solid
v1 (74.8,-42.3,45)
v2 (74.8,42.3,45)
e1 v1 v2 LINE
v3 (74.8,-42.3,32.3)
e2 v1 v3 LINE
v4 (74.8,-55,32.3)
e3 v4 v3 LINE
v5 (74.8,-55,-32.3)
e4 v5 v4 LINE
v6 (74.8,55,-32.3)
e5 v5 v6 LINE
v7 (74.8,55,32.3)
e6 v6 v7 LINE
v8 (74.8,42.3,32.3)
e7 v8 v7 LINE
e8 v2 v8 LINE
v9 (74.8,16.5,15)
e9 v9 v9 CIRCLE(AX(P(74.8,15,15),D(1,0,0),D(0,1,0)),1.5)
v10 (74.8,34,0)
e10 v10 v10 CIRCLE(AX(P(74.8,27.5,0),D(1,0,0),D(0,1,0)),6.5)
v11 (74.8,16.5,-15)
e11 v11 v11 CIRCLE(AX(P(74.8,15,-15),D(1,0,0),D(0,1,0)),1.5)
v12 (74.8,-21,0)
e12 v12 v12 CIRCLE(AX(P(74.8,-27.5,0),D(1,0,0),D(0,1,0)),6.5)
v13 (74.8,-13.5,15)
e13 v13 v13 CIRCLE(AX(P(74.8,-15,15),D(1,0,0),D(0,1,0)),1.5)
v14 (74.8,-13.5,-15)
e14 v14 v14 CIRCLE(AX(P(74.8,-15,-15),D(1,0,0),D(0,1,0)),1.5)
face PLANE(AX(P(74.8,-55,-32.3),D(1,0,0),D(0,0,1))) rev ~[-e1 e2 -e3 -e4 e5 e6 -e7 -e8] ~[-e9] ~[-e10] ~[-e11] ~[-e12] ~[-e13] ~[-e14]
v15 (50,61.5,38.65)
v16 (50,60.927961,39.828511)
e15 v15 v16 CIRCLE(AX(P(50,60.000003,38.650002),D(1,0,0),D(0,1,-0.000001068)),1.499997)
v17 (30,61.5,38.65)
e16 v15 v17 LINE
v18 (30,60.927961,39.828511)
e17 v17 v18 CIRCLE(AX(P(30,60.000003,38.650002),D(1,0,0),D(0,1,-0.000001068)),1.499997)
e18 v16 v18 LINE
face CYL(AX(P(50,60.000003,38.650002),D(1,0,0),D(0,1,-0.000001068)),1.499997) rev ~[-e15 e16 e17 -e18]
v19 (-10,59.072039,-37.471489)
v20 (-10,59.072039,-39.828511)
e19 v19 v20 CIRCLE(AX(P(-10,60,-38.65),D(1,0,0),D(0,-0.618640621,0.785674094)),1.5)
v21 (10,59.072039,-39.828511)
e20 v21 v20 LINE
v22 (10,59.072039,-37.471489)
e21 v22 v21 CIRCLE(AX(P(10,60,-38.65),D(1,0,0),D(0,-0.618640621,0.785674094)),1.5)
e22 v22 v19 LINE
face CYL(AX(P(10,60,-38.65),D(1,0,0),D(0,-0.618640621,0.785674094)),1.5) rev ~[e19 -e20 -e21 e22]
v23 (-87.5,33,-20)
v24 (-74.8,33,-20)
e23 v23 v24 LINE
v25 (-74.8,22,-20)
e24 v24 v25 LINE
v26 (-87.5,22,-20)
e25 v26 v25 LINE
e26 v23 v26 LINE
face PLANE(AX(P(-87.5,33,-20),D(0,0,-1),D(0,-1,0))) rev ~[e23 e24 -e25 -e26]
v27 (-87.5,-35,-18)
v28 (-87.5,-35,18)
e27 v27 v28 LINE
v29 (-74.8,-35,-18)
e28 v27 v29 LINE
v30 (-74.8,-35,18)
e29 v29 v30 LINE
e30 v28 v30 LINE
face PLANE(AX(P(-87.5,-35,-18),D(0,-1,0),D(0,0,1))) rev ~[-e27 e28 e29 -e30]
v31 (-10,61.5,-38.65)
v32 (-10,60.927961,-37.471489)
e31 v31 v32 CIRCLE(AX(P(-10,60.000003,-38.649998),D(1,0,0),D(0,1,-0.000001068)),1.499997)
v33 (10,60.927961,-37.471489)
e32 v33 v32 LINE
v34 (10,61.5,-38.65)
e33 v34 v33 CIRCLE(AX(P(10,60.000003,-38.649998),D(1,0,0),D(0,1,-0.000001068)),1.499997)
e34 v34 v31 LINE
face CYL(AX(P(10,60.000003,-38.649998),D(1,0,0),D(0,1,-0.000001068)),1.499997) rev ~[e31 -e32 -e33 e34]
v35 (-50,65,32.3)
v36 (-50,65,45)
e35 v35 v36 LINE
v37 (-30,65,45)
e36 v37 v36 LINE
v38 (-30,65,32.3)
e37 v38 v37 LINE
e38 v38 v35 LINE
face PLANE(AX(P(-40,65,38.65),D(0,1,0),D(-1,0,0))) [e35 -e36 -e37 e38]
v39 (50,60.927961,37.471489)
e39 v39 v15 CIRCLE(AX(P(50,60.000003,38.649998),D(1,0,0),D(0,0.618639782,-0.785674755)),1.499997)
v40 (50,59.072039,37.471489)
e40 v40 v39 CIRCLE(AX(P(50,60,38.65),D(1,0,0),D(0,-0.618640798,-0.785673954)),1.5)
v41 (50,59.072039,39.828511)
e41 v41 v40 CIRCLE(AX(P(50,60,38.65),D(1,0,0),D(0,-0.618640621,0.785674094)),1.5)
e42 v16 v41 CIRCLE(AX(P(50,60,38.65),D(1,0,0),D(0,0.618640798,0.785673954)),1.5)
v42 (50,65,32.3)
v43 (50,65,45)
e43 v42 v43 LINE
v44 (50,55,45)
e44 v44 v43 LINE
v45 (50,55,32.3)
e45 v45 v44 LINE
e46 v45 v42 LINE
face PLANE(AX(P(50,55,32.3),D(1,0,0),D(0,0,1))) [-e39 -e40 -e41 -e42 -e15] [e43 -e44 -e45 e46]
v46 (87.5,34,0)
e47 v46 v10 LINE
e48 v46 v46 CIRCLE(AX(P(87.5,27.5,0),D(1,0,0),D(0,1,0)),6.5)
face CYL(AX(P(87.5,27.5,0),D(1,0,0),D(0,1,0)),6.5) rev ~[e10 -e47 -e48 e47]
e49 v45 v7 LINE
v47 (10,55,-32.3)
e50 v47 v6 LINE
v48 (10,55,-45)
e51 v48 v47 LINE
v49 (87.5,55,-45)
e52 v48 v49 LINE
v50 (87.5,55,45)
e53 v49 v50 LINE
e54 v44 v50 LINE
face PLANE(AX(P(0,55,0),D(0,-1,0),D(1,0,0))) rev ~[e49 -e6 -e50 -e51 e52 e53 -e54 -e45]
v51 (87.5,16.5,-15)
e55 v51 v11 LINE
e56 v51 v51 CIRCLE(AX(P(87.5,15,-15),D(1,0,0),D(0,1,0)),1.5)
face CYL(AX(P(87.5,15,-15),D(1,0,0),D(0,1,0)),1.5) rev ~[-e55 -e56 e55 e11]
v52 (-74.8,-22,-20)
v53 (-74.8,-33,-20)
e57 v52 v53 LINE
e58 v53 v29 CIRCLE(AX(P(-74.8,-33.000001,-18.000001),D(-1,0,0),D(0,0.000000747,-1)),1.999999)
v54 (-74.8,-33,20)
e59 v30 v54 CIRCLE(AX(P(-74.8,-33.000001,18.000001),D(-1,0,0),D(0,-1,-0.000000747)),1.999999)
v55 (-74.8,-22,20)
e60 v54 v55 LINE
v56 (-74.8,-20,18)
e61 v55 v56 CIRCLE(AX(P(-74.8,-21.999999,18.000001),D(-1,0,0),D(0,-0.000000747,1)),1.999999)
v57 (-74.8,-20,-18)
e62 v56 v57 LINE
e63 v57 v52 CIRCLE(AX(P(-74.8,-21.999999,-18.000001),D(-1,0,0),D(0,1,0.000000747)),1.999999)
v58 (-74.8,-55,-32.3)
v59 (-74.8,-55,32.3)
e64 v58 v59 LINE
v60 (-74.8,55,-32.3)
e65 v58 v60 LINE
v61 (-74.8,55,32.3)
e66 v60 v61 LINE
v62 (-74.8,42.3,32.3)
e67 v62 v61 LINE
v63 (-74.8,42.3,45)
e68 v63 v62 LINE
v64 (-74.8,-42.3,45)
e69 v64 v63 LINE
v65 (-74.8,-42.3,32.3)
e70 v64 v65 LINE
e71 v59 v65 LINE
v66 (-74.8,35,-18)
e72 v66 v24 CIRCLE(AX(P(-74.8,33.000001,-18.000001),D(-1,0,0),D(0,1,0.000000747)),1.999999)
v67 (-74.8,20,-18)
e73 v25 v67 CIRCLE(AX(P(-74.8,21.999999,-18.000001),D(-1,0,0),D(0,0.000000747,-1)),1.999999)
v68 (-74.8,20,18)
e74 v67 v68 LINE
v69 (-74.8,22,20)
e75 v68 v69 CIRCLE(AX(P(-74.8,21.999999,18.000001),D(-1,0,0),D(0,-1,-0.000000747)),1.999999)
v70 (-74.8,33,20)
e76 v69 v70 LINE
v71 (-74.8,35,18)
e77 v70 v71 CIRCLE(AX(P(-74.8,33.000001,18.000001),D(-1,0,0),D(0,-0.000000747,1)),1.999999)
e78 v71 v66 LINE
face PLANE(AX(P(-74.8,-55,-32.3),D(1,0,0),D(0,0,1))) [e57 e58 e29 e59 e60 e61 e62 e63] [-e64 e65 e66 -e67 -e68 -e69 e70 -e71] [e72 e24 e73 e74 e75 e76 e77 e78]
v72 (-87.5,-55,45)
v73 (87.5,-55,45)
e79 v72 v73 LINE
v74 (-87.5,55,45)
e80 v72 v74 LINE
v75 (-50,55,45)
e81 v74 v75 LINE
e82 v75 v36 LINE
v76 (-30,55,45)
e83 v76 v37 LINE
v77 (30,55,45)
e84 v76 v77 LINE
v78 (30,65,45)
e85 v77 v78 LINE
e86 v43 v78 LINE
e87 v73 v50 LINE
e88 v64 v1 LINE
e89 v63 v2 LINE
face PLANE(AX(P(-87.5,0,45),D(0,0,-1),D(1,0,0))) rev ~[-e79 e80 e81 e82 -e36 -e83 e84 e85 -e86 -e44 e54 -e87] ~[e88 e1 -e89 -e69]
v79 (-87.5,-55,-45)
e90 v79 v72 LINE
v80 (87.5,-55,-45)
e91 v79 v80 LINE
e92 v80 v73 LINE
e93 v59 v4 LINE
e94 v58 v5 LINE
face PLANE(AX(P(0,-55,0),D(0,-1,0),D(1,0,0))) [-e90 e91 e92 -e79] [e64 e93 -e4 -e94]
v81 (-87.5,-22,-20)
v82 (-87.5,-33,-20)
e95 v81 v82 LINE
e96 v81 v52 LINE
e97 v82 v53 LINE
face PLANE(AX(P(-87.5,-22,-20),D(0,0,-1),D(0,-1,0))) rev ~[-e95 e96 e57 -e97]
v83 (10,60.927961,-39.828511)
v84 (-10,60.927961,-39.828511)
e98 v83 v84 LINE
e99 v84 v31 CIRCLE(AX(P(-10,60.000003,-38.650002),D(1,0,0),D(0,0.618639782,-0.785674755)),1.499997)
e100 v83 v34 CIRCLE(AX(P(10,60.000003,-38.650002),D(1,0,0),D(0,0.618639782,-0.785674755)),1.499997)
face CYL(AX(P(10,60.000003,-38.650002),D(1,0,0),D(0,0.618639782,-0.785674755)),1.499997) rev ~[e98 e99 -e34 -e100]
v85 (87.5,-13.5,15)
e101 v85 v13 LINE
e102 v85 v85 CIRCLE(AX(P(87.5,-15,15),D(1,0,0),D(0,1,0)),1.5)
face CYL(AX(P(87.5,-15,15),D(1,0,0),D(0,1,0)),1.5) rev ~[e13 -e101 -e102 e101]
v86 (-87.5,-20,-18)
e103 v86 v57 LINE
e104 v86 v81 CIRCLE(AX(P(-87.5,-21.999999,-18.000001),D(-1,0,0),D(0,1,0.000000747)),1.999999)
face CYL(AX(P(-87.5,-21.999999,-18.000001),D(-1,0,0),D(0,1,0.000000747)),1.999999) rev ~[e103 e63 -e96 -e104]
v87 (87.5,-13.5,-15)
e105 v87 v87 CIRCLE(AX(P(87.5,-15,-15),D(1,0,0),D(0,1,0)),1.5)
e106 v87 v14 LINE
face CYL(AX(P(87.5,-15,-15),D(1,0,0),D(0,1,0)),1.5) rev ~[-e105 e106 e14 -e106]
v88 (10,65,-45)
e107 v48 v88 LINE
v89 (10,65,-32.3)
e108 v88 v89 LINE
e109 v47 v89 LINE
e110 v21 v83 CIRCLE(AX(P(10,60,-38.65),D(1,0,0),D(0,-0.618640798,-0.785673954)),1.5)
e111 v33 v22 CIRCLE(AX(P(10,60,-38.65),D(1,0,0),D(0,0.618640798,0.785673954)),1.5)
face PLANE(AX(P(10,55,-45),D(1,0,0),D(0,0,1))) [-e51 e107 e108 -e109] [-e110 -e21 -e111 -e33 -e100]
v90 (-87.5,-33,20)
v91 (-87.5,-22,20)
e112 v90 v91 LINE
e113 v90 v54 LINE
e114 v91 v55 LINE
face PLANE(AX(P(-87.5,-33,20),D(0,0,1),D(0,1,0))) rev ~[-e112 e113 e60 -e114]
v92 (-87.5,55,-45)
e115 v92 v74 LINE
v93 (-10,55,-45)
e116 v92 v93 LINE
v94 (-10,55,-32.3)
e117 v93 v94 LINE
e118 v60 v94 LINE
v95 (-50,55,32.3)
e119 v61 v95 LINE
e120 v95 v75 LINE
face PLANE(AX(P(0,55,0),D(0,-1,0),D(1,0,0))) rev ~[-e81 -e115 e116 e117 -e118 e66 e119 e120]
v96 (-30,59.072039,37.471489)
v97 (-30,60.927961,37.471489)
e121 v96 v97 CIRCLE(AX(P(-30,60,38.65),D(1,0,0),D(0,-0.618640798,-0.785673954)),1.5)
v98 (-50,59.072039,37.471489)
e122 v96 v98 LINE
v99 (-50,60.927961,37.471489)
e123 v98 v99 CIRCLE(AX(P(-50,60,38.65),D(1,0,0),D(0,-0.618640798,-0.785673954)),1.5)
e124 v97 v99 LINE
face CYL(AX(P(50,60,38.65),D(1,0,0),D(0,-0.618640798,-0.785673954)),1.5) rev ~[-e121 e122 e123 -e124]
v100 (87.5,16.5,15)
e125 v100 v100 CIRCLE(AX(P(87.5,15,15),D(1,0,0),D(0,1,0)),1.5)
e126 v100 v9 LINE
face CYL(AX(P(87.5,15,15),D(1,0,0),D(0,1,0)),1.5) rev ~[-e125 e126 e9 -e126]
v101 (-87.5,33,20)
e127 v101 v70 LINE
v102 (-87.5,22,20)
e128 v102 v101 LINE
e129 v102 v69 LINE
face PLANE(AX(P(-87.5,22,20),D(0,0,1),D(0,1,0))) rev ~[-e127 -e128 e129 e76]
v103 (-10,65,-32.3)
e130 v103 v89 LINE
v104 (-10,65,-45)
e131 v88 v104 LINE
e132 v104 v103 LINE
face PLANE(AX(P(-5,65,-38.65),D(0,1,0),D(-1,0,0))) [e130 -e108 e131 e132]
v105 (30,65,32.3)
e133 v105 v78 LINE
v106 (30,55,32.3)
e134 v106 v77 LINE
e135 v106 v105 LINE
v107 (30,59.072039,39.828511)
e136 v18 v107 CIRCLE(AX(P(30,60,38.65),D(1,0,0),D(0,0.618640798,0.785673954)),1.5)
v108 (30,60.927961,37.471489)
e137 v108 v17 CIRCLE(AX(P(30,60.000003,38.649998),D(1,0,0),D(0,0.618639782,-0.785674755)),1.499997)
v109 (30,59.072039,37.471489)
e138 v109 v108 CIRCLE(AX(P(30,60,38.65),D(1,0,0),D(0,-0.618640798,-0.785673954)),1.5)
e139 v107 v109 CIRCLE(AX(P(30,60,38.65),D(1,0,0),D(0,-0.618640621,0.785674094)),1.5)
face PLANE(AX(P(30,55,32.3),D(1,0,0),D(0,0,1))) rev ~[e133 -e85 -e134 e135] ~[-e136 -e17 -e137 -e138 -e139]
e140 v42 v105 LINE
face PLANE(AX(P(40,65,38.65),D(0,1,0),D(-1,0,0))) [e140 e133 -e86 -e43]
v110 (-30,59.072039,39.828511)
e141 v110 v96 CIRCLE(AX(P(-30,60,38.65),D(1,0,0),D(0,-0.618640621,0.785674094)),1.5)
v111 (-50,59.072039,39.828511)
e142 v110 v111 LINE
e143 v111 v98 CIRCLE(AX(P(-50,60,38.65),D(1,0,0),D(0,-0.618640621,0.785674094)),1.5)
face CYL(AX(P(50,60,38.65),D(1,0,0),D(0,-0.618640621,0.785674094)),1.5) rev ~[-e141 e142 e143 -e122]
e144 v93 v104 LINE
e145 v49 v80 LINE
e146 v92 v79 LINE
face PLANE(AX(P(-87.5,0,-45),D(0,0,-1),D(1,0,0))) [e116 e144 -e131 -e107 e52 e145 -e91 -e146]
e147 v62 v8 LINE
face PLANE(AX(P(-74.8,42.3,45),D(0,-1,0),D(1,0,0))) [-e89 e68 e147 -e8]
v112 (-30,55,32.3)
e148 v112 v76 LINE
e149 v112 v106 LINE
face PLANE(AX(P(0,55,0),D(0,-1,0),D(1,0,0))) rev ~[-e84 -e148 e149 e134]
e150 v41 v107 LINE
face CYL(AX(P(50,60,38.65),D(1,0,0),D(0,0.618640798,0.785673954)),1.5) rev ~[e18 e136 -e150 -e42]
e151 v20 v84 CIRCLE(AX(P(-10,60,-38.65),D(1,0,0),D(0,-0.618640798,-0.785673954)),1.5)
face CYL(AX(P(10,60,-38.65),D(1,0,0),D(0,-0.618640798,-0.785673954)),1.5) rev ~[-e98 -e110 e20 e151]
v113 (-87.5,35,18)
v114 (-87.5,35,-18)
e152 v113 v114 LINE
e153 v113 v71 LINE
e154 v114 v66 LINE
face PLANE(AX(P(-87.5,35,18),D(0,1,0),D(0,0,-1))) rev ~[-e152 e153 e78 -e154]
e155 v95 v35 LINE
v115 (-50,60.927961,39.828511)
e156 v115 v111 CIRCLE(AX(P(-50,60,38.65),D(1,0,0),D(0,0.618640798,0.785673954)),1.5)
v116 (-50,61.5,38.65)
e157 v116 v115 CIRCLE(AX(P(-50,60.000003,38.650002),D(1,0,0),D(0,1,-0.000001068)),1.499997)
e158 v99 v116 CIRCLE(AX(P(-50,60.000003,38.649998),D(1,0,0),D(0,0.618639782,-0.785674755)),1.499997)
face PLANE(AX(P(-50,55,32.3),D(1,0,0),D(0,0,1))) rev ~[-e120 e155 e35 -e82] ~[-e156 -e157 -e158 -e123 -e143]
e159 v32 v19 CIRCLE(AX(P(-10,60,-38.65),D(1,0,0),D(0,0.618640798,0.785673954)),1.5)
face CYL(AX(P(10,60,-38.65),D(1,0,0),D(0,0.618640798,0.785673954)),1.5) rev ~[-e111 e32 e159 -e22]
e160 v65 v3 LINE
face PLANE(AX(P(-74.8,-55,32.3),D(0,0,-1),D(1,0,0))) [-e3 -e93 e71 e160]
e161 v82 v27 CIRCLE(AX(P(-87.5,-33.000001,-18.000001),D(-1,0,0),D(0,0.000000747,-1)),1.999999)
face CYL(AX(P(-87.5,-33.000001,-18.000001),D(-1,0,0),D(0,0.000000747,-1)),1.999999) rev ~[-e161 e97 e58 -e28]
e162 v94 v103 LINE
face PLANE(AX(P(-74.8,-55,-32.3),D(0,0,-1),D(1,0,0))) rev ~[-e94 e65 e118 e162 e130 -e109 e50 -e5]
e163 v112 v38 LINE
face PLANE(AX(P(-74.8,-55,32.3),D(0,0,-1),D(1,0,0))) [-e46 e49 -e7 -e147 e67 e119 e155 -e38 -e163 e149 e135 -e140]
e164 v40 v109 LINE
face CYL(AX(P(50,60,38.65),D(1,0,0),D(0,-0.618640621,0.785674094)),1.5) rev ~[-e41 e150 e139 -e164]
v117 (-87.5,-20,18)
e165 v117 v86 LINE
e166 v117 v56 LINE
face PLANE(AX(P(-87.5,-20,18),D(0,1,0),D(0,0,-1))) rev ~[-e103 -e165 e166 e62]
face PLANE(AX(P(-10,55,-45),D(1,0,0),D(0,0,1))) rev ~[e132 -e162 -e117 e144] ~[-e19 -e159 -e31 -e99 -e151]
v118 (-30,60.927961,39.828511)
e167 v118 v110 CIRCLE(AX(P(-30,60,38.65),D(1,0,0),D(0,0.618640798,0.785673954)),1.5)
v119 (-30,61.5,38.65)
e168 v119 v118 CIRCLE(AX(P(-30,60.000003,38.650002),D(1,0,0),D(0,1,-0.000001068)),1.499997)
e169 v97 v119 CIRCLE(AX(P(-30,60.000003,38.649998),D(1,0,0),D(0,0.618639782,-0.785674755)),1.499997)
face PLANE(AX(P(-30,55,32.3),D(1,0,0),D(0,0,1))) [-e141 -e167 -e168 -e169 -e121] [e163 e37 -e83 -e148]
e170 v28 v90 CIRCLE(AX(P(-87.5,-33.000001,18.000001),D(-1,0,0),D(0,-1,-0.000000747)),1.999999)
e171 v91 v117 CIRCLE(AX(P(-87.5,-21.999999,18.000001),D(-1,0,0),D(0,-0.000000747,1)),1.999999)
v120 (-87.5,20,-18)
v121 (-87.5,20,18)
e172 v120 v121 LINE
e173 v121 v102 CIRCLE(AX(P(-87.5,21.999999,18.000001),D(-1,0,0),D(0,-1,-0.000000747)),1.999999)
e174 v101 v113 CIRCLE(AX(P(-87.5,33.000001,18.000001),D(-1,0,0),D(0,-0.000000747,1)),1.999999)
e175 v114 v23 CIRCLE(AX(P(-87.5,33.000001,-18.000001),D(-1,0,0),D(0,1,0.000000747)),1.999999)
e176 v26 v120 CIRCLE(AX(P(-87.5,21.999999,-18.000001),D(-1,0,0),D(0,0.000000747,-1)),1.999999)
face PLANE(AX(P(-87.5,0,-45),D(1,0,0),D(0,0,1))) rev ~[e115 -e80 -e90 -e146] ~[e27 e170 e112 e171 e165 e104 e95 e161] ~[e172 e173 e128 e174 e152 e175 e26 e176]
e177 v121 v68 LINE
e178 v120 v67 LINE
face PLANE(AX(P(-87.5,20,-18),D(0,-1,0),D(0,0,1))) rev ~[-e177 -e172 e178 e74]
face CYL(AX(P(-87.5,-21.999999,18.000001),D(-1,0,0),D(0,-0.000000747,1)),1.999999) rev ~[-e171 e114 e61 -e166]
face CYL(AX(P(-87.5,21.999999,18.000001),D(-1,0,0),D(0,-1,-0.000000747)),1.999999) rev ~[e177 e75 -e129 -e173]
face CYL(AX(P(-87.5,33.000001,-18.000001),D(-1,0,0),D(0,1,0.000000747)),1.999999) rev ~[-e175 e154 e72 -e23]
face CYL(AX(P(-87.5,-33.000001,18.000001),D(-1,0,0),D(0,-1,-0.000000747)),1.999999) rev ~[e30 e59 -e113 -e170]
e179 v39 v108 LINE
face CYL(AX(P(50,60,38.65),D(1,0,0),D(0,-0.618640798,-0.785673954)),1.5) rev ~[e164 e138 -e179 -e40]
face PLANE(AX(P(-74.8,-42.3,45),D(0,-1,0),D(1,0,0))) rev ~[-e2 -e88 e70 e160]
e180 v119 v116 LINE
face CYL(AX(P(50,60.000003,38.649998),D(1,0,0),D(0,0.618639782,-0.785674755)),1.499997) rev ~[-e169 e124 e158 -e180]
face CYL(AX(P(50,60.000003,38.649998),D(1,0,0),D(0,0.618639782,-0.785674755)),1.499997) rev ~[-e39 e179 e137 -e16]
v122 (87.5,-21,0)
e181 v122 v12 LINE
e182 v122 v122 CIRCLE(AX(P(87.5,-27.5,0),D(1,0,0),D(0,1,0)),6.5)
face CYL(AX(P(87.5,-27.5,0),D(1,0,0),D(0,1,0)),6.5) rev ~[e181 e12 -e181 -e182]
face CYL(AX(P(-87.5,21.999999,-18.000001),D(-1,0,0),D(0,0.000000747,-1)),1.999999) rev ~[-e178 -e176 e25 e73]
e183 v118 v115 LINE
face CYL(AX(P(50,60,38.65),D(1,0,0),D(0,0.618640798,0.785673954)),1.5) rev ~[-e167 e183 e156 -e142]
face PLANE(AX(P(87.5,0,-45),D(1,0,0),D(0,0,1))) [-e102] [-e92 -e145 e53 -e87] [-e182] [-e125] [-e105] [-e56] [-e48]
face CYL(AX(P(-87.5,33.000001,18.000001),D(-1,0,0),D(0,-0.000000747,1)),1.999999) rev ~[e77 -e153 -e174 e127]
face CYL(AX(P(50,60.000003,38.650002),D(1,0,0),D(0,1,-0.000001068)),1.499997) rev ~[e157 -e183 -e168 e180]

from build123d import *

# Parameters (mm, degrees)
F0_W      = 175
F0_H      = 90
F1_DEPTH  = 55
F3_W      = 149.6
F3_H      = 64.6
F4_DEPTH  = 110
F5_W      = 149.6
F5_H      = 84.6
F6_DEPTH  = 12.7
F7_DEPTH  = 12.7
F8_R      = 1.5
F9_DEPTH  = 12.7
F10_W     = 10
F10_H     = 12.7
F10_W_2   = 20
F11_DEPTH = 10
F13_DEPTH = 137.501
F15_DEPTH = 97.501


with BuildPart() as f1:
    # F0 (on Front) → F1 (new body, symmetric)
    with BuildSketch(Plane.XZ):
        Rectangle(F0_W, F0_H)
    extrude(amount=F1_DEPTH, both=True)

    # F3 (on face) → F4 (cut)
    with BuildSketch(Plane.XZ.offset(55)):
        Rectangle(F3_W, F3_H)
    extrude(amount=-F4_DEPTH, mode=Mode.SUBTRACT)

    # F5 (on face) → F6 (cut)
    with BuildSketch(Plane.XY.offset(45)):
        Rectangle(F5_W, F5_H)
    extrude(amount=-F6_DEPTH, mode=Mode.SUBTRACT)

    # F2 (on face) → F7 (cut)
    with BuildSketch(Plane(origin=(-87.5, 0, 0), x_dir=(0, -1, 0), z_dir=(-1, 0, 0))):
        with BuildLine():
            Line((20, 18), (20, 0))
            Line((20, 0), (20, -18))
            ThreePointArc((20, -18), (20.585786, -19.414214), (22, -20))
            Line((22, -20), (33, -20))
            ThreePointArc((33, -20), (34.414214, -19.414214), (35, -18))
            Line((35, -18), (35, 0))
            Line((35, 0), (35, 18))
            ThreePointArc((35, 18), (34.414214, 19.414214), (33, 20))
            Line((33, 20), (22, 20))
            ThreePointArc((22, 20), (20.585786, 19.414214), (20, 18))
        make_face()
        with BuildLine():
            Line((-22, 20), (-33, 20))
            ThreePointArc((-33, 20), (-34.414214, 19.414214), (-35, 18))
            Line((-35, 18), (-35, 0))
            Line((-35, 0), (-35, -18))
            ThreePointArc((-35, -18), (-34.414214, -19.414214), (-33, -20))
            Line((-33, -20), (-22, -20))
            ThreePointArc((-22, -20), (-20.585786, -19.414214), (-20, -18))
            Line((-20, -18), (-20, 0))
            Line((-20, 0), (-20, 18))
            ThreePointArc((-20, 18), (-20.585786, 19.414214), (-22, 20))
        make_face()
    extrude(amount=-F7_DEPTH, mode=Mode.SUBTRACT)

    # F8 (on face) → F9 (cut)
    with BuildSketch(Plane.YZ.offset(87.5)):
        with BuildLine():
            ThreePointArc((-34, 0), (-27.5, -6.5), (-21, 0))
            Line((-21, 0), (-34, 0))
        make_face()
        with BuildLine():
            Line((-34, 0), (-21, 0))
            ThreePointArc((-21, 0), (-27.5, 6.5), (-34, 0))
        make_face()
        with BuildLine():
            Line((34, 0), (21, 0))
            ThreePointArc((21, 0), (27.5, -6.5), (34, 0))
        make_face()
        with BuildLine():
            ThreePointArc((34, 0), (27.5, 6.5), (21, 0))
            Line((21, 0), (34, 0))
        make_face()
        with Locations((-15, -15)):
            Circle(F8_R)
        with Locations((-15, 15)):
            Circle(F8_R)
        with Locations((15, 15)):
            Circle(F8_R)
        with Locations((15, -15)):
            Circle(F8_R)
    extrude(amount=-F9_DEPTH, mode=Mode.SUBTRACT)

    # F10 (on face) → F11 (join)
    with BuildSketch(Plane(origin=(0, 55, 0), x_dir=(-1, 0, 0), z_dir=(0, 1, 0))):
        with Locations((5, -38.65)):
            Rectangle(F10_W, F10_H)
        with Locations((-5, -38.65)):
            Rectangle(F10_W, F10_H)
        with Locations((-40, 38.65)):
            Rectangle(F10_W_2, F10_H)
        with Locations((40, 38.65)):
            Rectangle(F10_W_2, F10_H)
    extrude(amount=F11_DEPTH)

    # F12 (on face) → F13 (cut, through all)
    with BuildSketch(Plane.YZ.offset(50)):
        with BuildLine():
            ThreePointArc((60.927961, 39.828511), (60, 40.15), (59.072039, 39.828511))
            Line((59.072039, 39.828511), (60, 38.65))
            Line((60, 38.65), (60.927961, 39.828511))
        make_face()
        with BuildLine():
            Line((60, 38.65), (59.072039, 39.828511))
            ThreePointArc((59.072039, 39.828511), (58.5, 38.65), (59.072039, 37.471489))
            Line((59.072039, 37.471489), (60, 38.65))
        make_face()
        with BuildLine():
            Line((60.927961, 39.828511), (60, 38.65))
            Line((60, 38.65), (60.927961, 37.471489))
            ThreePointArc((60.927961, 37.471489), (61.349434, 37.994997), (61.5, 38.65))
            ThreePointArc((61.5, 38.65), (61.349434, 39.305003), (60.927961, 39.828511))
        make_face()
        with BuildLine():
            Line((60.927961, 37.471489), (60, 38.65))
            Line((60, 38.65), (59.072039, 37.471489))
            ThreePointArc((59.072039, 37.471489), (60, 37.15), (60.927961, 37.471489))
        make_face()
    extrude(amount=-F13_DEPTH, mode=Mode.SUBTRACT)

    # F14 (on face) → F15 (cut, through all)
    with BuildSketch(Plane.YZ.offset(10)):
        with BuildLine():
            ThreePointArc((60.927961, -37.471489), (60, -37.15), (59.072039, -37.471489))
            Line((59.072039, -37.471489), (60, -38.65))
            Line((60, -38.65), (60.927961, -37.471489))
        make_face()
        with BuildLine():
            Line((60, -38.65), (59.072039, -37.471489))
            ThreePointArc((59.072039, -37.471489), (58.5, -38.65), (59.072039, -39.828511))
            Line((59.072039, -39.828511), (60, -38.65))
        make_face()
        with BuildLine():
            Line((60.927961, -37.471489), (60, -38.65))
            Line((60, -38.65), (60.927961, -39.828511))
            ThreePointArc((60.927961, -39.828511), (61.349434, -39.305003), (61.5, -38.65))
            ThreePointArc((61.5, -38.65), (61.349434, -37.994997), (60.927961, -37.471489))
        make_face()
        with BuildLine():
            Line((60.927961, -39.828511), (60, -38.65))
            Line((60, -38.65), (59.072039, -39.828511))
            ThreePointArc((59.072039, -39.828511), (60, -40.15), (60.927961, -39.828511))
        make_face()
    extrude(amount=-F15_DEPTH, mode=Mode.SUBTRACT)


solid = f1.part
